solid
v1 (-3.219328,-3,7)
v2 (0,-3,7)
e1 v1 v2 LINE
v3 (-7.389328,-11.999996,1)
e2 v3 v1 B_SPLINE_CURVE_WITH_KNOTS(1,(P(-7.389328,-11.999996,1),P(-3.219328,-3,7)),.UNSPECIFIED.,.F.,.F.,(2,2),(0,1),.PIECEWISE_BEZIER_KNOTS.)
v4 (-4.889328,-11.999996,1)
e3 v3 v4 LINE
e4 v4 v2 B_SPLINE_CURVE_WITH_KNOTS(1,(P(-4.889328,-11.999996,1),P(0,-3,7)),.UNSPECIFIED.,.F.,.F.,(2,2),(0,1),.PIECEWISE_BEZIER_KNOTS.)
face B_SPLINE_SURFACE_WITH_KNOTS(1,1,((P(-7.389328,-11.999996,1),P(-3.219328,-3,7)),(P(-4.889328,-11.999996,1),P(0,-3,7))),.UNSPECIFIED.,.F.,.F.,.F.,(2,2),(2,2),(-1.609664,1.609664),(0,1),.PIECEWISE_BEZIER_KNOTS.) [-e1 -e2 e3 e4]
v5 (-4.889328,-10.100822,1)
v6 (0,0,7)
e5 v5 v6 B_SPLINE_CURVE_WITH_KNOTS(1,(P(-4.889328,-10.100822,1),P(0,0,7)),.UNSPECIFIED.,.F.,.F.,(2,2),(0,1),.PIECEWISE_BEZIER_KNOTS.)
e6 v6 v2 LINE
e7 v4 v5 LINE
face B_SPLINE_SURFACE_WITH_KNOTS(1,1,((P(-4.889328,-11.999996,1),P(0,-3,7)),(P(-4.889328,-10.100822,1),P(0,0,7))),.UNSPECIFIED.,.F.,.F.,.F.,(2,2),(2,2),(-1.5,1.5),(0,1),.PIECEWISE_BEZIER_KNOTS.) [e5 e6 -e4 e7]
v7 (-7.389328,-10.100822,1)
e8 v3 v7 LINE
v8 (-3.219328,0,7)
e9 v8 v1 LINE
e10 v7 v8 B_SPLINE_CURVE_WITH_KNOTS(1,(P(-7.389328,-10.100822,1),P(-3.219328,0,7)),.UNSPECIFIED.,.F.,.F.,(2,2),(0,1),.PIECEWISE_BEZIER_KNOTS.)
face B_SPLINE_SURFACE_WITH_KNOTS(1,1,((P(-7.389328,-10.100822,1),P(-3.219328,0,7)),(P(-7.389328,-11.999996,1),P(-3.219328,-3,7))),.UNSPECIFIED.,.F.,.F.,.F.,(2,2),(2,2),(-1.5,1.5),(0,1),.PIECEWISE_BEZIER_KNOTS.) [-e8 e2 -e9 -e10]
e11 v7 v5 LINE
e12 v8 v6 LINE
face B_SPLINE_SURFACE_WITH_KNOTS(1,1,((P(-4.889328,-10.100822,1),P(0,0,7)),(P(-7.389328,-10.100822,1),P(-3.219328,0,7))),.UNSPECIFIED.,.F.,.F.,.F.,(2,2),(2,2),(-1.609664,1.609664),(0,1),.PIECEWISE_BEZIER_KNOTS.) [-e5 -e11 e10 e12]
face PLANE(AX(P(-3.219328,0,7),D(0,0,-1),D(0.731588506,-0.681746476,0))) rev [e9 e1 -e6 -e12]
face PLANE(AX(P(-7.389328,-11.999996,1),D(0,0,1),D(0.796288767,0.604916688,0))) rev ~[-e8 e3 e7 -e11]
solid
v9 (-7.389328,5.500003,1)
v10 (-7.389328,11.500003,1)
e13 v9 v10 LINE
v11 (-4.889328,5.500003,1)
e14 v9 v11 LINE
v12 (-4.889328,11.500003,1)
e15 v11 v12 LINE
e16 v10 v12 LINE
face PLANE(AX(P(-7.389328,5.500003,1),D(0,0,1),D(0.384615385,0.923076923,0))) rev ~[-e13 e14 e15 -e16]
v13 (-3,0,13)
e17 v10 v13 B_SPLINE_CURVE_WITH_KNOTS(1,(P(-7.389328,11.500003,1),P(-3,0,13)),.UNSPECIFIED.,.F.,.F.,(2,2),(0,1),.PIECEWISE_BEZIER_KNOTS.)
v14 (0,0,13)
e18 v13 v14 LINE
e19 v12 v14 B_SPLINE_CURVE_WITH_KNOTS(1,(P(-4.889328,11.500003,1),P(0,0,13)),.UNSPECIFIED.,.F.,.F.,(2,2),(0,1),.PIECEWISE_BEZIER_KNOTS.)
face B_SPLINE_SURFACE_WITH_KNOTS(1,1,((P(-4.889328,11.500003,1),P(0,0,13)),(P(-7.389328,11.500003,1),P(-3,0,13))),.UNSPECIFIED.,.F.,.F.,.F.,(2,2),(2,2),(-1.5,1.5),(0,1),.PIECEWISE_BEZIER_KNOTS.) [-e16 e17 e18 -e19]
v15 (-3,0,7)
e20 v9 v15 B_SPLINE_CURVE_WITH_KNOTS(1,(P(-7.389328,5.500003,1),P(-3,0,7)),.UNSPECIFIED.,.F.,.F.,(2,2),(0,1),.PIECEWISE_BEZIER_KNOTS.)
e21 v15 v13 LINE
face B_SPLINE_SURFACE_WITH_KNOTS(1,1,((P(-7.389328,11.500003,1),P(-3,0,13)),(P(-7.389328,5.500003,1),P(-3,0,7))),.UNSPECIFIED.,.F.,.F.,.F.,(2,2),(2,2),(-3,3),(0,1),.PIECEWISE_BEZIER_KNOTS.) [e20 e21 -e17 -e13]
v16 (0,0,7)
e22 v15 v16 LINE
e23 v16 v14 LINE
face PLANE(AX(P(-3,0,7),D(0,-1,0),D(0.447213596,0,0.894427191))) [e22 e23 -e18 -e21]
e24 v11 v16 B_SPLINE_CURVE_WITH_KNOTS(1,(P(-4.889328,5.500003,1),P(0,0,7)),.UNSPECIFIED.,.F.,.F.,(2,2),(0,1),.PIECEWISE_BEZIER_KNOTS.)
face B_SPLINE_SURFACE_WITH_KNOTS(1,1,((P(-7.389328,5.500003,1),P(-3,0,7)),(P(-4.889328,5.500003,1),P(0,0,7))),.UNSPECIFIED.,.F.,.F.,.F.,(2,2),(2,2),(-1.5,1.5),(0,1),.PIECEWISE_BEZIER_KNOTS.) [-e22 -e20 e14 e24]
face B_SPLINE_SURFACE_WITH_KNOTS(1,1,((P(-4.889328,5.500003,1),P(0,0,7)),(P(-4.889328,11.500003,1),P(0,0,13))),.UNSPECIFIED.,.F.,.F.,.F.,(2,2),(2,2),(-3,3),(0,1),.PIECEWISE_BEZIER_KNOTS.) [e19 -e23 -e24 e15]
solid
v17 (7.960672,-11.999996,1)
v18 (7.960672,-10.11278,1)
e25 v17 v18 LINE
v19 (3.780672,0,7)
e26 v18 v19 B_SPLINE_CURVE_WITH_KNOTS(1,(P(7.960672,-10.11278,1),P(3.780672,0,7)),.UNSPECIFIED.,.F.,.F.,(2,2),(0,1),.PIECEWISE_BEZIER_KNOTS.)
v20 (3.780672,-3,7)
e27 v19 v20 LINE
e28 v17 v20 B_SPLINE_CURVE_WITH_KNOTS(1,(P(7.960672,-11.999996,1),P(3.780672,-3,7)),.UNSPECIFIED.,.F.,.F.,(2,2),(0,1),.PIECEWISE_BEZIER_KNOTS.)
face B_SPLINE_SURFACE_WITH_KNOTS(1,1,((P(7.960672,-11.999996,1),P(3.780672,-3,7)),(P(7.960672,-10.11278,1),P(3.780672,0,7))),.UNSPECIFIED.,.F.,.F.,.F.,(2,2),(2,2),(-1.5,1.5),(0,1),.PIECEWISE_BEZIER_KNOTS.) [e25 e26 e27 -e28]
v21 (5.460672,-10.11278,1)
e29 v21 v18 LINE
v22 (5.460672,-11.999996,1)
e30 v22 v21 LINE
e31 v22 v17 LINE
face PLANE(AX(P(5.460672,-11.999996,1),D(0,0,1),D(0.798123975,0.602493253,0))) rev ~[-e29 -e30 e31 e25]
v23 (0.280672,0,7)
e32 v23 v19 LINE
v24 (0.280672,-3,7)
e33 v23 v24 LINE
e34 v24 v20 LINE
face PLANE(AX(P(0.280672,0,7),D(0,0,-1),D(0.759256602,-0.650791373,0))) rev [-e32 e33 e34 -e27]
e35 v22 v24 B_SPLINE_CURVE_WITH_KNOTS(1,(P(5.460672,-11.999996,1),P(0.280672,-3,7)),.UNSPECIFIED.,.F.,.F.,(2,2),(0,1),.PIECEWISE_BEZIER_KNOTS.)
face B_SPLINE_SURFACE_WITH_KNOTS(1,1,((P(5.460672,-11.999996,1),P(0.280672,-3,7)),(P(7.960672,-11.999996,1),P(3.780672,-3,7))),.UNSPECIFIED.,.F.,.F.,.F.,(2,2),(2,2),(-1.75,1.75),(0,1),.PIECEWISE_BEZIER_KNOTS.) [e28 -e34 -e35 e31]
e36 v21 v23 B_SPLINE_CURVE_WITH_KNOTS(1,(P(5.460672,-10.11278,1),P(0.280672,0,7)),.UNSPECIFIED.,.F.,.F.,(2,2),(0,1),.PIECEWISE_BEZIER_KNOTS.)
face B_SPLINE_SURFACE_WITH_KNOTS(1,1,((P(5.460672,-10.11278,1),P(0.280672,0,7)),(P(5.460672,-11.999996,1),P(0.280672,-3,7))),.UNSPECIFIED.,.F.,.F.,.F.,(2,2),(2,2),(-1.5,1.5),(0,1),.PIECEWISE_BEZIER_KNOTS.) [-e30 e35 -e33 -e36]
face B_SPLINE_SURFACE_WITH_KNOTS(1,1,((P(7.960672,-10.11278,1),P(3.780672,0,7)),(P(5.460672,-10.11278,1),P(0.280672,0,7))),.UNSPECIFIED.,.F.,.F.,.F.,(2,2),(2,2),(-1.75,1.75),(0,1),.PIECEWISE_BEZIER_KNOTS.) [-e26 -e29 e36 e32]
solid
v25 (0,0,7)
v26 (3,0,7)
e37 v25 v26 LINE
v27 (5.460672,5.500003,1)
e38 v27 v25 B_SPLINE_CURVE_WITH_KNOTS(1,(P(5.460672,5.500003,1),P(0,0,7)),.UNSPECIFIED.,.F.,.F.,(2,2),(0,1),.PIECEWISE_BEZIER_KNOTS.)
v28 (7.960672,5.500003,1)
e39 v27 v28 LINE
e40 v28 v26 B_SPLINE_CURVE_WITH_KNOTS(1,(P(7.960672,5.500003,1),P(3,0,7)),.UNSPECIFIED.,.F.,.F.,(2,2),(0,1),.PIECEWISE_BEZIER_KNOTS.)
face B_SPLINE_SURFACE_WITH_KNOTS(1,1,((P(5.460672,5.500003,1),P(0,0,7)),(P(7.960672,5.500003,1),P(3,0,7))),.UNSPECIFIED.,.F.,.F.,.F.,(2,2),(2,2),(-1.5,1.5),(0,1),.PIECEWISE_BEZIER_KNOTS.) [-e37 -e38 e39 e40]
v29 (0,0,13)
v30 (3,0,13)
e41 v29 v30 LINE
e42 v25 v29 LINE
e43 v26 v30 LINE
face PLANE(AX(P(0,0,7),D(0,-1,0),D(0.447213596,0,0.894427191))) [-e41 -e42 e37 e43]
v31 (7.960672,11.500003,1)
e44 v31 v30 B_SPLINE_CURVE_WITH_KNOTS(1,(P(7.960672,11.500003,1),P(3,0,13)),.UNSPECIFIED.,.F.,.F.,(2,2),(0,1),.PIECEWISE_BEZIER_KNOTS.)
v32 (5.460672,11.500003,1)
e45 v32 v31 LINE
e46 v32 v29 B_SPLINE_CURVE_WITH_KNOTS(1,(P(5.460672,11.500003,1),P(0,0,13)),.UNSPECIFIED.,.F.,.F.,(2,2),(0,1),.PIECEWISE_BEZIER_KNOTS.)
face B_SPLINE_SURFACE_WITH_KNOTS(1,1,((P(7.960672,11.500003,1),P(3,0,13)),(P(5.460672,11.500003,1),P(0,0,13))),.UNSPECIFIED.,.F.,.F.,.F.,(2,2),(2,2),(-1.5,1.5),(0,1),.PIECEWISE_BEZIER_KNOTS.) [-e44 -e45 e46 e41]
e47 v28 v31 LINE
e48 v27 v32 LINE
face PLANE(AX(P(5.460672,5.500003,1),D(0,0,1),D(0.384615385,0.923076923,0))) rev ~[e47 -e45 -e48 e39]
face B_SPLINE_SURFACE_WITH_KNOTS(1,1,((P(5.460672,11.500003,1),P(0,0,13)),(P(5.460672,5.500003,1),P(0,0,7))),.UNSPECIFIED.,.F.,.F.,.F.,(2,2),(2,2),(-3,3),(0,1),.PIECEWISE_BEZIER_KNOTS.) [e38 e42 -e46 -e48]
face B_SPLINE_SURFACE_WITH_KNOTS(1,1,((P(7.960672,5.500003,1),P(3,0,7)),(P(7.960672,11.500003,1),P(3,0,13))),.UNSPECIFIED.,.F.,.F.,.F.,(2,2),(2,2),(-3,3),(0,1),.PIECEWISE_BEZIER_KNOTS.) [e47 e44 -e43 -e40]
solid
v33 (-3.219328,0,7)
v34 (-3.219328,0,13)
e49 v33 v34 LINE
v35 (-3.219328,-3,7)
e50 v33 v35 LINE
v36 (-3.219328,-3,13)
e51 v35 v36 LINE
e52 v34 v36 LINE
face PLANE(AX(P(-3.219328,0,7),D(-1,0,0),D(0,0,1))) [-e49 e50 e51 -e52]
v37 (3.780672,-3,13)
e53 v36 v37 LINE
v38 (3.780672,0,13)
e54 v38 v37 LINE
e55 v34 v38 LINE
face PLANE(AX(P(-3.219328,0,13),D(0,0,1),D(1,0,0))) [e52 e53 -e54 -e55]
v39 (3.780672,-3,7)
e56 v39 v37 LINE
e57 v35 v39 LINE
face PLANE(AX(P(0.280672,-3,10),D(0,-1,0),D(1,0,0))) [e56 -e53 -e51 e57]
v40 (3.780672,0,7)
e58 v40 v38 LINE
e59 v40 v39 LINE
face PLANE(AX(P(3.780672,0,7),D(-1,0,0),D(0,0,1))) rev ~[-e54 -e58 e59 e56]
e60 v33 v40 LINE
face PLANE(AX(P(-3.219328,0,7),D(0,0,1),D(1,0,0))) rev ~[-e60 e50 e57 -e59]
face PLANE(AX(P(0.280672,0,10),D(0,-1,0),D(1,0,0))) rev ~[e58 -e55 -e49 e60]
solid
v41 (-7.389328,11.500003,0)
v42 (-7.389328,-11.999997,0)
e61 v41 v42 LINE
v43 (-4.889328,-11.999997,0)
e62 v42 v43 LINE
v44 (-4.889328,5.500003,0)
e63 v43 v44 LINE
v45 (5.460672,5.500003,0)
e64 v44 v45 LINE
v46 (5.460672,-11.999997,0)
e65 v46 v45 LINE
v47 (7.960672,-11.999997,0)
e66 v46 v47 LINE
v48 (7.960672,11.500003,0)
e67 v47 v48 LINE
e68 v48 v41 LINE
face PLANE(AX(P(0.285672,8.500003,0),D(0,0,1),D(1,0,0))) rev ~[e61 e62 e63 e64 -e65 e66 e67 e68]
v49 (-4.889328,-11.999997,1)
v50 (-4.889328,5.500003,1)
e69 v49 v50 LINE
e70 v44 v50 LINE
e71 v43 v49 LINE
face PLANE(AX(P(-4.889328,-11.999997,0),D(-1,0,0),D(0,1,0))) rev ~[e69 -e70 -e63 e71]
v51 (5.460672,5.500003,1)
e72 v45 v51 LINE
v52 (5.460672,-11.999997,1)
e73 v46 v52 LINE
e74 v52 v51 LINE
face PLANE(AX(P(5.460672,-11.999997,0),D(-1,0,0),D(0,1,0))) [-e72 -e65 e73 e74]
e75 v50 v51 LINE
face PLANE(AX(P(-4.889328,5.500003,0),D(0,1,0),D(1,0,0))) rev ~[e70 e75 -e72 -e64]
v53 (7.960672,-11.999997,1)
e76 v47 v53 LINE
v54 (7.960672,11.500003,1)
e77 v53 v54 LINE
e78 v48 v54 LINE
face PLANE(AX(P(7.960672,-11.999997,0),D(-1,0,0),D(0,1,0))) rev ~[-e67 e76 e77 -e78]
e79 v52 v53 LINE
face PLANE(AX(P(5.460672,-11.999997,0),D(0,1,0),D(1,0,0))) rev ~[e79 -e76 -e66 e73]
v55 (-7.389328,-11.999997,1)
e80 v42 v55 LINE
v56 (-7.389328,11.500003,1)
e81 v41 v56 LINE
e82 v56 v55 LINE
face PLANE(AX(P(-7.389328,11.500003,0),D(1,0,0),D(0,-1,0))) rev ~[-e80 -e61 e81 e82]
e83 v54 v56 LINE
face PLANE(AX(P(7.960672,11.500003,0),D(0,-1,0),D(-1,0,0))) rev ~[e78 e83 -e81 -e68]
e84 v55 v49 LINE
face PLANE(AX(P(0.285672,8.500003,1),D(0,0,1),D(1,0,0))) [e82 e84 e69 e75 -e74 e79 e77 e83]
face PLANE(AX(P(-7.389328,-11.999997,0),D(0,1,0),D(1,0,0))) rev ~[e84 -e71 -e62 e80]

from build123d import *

# Parameters (mm, degrees)
F0_W     = 2.5
F0_H     = 17.5
F1_DEPTH = 1
F2_W     = 7
F2_H     = 6
F3_DEPTH = 3
F4_W     = 2.5
F4_H     = 6
F5_W     = 3
F5_H     = 6
F4_H_2   = 1.899175
F8_W     = 3.219328
F8_H     = 3
F4_H_3   = 1.887217
F8_W_2   = 3.5


with BuildPart() as f1:
    # F0 (on Top) → F1 (new body)
    with BuildSketch(Plane.XY):
        Polygon((7.960672, 11.500003), (-7.389328, 11.500003), (-7.389328, 5.500003), (-4.889328, 5.500003), (5.460672, 5.500003), (7.960672, 5.500003), align=None)
        with Locations((-6.139328, -3.249997)):
            Rectangle(F0_W, F0_H)
        with Locations((6.710672, -3.249997)):
            Rectangle(F0_W, F0_H)
    extrude(amount=F1_DEPTH)


with BuildPart() as f3:
    # F2 (on Front) → F3 (new body)
    with BuildSketch(Plane.XZ):
        with Locations((0.280672, 10)):
            Rectangle(F2_W, F2_H)
    extrude(amount=F3_DEPTH)


with BuildPart() as f6:
    # F4 (on face) → F6 section 0
    with BuildSketch(Plane.XY.offset(1)):
        with Locations((6.710672, 8.500003)):
            Rectangle(F4_W, F4_H)
    # F5 (on Front) → F6 section 1
    with BuildSketch(Plane.XZ):
        with Locations((1.5, 10)):
            Rectangle(F5_W, F5_H)
    loft()


with BuildPart() as f7:
    # F4 (on face) → F7 section 0
    with BuildSketch(Plane.XY.offset(1)):
        with Locations((-6.139328, 8.500003)):
            Rectangle(F4_W, F4_H)
    # F5 (on Front) → F7 section 1
    with BuildSketch(Plane.XZ):
        with Locations((-1.5, 10)):
            Rectangle(F5_W, F5_H)
    loft()


with BuildPart() as f9:
    # F4 (on face) → F9 section 0
    with BuildSketch(Plane.XY.offset(1)):
        with Locations((-6.139328, -11.050409)):
            Rectangle(F4_W, F4_H_2)
    # F8 (on face) → F9 section 1
    with BuildSketch(Plane(origin=(0, 0, 7), x_dir=(1, 0, 0), z_dir=(0, 0, -1))):
        with Locations((-1.609664, 1.5)):
            Rectangle(F8_W, F8_H)
    loft()


with BuildPart() as f10:
    # F4 (on face) → F10 section 0
    with BuildSketch(Plane.XY.offset(1)):
        with Locations((6.710672, -11.056388)):
            Rectangle(F4_W, F4_H_3)
    # F8 (on face) → F10 section 1
    with BuildSketch(Plane(origin=(0, 0, 7), x_dir=(1, 0, 0), z_dir=(0, 0, -1))):
        with Locations((2.030672, 1.5)):
            Rectangle(F8_W_2, F8_H)
    loft()


solid = Compound([f1.part, f3.part, f6.part, f7.part, f9.part, f10.part])
